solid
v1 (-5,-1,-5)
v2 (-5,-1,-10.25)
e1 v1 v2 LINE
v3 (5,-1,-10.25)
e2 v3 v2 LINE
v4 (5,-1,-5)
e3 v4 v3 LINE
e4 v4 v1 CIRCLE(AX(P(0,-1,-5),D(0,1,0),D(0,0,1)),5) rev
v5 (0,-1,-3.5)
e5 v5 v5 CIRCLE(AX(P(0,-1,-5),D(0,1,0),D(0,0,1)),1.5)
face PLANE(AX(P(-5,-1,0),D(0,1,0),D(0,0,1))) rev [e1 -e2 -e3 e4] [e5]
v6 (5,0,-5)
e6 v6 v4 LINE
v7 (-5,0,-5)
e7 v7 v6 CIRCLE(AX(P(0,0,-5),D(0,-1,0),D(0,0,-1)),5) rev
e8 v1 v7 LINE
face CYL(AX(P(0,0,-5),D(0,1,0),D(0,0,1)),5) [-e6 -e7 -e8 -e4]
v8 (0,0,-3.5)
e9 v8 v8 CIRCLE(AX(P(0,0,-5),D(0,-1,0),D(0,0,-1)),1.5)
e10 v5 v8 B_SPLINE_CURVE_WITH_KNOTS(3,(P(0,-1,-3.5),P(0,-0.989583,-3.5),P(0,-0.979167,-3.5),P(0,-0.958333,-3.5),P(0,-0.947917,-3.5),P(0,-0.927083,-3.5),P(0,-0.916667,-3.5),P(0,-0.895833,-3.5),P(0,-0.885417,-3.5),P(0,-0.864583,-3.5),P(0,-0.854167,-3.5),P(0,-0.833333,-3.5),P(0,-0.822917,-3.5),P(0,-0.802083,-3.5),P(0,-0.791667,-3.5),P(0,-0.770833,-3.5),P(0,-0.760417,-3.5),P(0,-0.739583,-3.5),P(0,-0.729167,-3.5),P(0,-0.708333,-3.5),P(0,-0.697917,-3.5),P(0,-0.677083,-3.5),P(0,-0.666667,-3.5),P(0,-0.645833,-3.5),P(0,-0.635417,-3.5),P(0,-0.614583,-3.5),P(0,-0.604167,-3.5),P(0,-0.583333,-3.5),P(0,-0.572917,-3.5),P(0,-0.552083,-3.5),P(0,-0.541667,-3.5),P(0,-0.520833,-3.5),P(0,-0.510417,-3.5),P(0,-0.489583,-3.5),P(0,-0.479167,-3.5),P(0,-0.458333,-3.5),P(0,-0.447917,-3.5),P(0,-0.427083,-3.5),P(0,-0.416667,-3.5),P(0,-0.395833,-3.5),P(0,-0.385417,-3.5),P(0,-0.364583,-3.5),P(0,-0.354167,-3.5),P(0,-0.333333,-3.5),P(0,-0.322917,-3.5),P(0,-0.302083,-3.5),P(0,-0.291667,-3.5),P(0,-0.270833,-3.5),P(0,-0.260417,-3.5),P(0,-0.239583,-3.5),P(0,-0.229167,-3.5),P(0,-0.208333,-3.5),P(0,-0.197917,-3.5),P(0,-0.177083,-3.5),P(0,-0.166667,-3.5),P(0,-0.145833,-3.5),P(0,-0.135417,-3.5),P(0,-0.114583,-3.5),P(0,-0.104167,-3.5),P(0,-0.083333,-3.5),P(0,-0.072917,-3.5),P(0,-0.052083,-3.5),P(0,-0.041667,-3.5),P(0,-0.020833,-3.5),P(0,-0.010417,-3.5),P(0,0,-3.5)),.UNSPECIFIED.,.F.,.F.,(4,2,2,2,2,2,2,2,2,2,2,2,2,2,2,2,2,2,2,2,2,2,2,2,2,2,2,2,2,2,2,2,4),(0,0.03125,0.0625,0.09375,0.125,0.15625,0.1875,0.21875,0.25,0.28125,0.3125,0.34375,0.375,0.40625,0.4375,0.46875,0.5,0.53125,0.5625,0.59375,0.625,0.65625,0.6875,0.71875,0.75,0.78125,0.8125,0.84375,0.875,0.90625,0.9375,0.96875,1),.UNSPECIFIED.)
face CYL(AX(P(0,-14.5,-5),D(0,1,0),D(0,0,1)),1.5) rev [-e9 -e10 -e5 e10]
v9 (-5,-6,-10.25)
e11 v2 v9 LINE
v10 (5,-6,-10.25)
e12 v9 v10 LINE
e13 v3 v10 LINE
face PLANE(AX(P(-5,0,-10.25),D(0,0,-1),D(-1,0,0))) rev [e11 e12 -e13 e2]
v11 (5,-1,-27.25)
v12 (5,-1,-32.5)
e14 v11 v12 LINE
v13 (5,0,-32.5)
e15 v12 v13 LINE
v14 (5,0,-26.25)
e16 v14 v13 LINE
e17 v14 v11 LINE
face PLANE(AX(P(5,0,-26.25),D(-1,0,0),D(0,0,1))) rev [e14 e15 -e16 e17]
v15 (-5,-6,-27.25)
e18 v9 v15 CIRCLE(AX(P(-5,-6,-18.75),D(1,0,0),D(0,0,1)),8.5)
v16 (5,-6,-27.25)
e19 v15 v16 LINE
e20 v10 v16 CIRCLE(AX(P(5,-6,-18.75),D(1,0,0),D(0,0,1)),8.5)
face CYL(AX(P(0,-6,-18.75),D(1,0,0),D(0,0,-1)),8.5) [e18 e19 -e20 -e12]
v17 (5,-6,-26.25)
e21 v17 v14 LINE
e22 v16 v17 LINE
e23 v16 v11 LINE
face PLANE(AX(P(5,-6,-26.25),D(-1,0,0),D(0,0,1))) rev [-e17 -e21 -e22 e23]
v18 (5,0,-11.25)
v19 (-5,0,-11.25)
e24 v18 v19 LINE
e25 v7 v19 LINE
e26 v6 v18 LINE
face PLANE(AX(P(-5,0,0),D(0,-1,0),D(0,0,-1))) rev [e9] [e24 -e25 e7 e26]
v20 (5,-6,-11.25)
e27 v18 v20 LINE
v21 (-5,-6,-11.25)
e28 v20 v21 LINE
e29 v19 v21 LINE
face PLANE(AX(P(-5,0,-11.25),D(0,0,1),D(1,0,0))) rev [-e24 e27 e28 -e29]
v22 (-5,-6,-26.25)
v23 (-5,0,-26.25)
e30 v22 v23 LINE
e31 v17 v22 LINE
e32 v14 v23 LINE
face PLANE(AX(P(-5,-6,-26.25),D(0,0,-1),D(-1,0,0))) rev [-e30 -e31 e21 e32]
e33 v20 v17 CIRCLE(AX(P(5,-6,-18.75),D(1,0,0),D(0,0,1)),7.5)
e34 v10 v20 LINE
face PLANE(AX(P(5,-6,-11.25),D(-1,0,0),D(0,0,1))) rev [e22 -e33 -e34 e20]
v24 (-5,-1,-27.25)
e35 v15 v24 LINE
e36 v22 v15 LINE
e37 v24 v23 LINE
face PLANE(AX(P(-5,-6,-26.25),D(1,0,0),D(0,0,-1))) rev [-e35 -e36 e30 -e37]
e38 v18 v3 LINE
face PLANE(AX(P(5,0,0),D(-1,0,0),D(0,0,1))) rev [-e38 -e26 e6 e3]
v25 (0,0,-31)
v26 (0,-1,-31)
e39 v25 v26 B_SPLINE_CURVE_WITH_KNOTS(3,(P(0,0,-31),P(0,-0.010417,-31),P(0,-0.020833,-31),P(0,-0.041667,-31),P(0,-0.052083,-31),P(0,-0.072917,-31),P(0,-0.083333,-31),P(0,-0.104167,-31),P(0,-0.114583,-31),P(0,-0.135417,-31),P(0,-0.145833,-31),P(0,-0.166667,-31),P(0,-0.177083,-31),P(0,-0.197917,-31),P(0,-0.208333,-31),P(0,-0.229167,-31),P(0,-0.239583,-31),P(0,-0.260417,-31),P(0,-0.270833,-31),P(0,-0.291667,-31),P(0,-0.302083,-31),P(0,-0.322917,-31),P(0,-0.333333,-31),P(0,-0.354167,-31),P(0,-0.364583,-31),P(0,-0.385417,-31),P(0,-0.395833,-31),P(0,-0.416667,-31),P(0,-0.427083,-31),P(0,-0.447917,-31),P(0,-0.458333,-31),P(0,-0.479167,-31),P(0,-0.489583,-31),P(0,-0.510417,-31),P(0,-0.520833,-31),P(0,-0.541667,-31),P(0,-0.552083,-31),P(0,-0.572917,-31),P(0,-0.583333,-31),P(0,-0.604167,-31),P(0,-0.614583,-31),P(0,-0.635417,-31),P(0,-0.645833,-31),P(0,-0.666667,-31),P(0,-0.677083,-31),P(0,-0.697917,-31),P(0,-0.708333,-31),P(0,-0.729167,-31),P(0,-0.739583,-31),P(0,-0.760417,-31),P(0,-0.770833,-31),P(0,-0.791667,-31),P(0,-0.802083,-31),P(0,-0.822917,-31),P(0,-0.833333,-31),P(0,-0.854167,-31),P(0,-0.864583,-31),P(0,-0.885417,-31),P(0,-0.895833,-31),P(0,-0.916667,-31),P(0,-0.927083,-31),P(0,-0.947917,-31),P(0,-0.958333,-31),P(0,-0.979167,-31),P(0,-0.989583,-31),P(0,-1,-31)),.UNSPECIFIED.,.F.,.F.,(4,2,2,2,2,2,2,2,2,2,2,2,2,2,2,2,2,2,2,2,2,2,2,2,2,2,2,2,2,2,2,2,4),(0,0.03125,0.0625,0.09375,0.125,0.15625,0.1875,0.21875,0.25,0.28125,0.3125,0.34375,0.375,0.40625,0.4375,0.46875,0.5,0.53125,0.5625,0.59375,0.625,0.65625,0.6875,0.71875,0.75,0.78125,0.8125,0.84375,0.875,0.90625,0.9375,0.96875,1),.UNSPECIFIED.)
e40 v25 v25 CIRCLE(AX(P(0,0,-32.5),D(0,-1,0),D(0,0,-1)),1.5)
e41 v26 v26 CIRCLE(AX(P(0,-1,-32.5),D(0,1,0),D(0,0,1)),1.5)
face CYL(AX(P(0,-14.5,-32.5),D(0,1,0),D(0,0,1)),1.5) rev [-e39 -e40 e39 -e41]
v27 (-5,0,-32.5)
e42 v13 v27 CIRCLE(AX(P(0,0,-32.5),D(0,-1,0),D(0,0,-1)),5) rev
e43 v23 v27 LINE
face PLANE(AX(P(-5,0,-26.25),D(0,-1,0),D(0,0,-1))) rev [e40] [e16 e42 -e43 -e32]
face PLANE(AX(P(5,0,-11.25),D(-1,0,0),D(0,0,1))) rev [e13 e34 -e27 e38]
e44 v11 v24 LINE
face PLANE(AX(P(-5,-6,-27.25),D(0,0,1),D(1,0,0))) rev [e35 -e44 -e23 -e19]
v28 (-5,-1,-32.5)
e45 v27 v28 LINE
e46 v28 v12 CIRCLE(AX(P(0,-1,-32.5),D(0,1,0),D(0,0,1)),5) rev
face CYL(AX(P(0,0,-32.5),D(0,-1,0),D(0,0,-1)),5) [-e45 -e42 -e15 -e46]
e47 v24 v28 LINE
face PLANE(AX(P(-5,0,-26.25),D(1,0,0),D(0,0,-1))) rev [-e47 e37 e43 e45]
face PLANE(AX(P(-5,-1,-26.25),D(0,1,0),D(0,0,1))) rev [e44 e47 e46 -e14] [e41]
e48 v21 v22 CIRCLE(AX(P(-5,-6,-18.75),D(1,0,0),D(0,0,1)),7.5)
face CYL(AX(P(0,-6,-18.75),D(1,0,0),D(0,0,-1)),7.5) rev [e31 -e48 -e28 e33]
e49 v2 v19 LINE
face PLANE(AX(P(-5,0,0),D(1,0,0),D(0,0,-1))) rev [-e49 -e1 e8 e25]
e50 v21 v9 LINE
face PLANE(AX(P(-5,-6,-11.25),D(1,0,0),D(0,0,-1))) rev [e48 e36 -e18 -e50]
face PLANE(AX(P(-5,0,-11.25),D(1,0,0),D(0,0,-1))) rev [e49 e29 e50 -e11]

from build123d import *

# Parameters (mm, degrees)
SKETCH2_W               = 10
SKETCH2_H               = 1
FILLET3_RADIUS          = 5
FILLET3_LENGTH          = 1
FILLET4_RADIUS          = 5
FILLET4_LENGTH          = 1
CUT_EXTRUDE1_DEPTH      = 41.51542916
CUT_EXTRUDE1_DEPTH_BACK = 41.51542916
SKETCH3_R               = 1.5


with BuildPart() as part:
    # Sweep1: sweep along a path in Sketch1
    with BuildLine(Plane(origin=(0, 0, 0), x_dir=(0, 0, -1), z_dir=(1, 0, 0))) as sweep1_path:
        Line((0, 0), (11.25, 0))
        Line((11.25, 0), (11.25, -6))
        ThreePointArc((11.25, -6), (18.75, -13.5), (26.25, -6))
        Line((26.25, -6), (26.25, 0))
        Line((26.25, 0), (37.5, 0))
    # Sketch2 → Sweep1 (sweep)
    with BuildSketch(Plane.XY):
        with Locations((0, -0.5)):
            Rectangle(SKETCH2_W, SKETCH2_H)
    sweep(path=sweep1_path.line, transition=Transition.RIGHT)

    # Fillet3: full round fillet: the end face becomes a half cylinder, R = half its width
    fillet3_face = Plane((0, -0.5, 0), x_dir=(0, -1, 0), z_dir=(0, 0, 1))  # on the end face: x along it, z out of the body
    fillet3_slab = fillet3_face.offset(-FILLET3_RADIUS / 2) * Box(FILLET3_LENGTH, 2 * FILLET3_RADIUS, FILLET3_RADIUS, mode=Mode.PRIVATE)  # the body's end, R deep
    fillet3_round = Plane((0, -0.5, -5), x_dir=(0, 0, 1), z_dir=(0, -1, 0)) * Cylinder(FILLET3_RADIUS, FILLET3_LENGTH, mode=Mode.PRIVATE)  # its axis R under the face
    add(fillet3_slab - fillet3_round, mode=Mode.SUBTRACT)

    # Fillet4: full round fillet: the end face becomes a half cylinder, R = half its width
    fillet4_face = Plane((0, -0.5, -37.5), x_dir=(0, 1, 0), z_dir=(0, 0, -1))  # on the end face: x along it, z out of the body
    fillet4_slab = fillet4_face.offset(-FILLET4_RADIUS / 2) * Box(FILLET4_LENGTH, 2 * FILLET4_RADIUS, FILLET4_RADIUS, mode=Mode.PRIVATE)  # the body's end, R deep
    fillet4_round = Plane((0, -0.5, -32.5), x_dir=(0, 0, -1), z_dir=(0, 1, 0)) * Cylinder(FILLET4_RADIUS, FILLET4_LENGTH, mode=Mode.PRIVATE)  # its axis R under the face
    add(fillet4_slab - fillet4_round, mode=Mode.SUBTRACT)

    # Sketch3 → Cut-Extrude1 (cut, two sides: drawn at the far end of the back side and taken through both)
    with BuildSketch(Plane(origin=(0, 0, 0), x_dir=(1, 0, 0), z_dir=(0, 1, 0)).offset(-CUT_EXTRUDE1_DEPTH_BACK)):
        with Locations(Location((0, 5, 0), (0, 0, 270))):
            Circle(SKETCH3_R)
        with Locations(Location((0, 32.5, 0), (0, 0, 270))):
            Circle(SKETCH3_R)
    extrude(amount=CUT_EXTRUDE1_DEPTH + CUT_EXTRUDE1_DEPTH_BACK, mode=Mode.SUBTRACT)


solid = part.part
